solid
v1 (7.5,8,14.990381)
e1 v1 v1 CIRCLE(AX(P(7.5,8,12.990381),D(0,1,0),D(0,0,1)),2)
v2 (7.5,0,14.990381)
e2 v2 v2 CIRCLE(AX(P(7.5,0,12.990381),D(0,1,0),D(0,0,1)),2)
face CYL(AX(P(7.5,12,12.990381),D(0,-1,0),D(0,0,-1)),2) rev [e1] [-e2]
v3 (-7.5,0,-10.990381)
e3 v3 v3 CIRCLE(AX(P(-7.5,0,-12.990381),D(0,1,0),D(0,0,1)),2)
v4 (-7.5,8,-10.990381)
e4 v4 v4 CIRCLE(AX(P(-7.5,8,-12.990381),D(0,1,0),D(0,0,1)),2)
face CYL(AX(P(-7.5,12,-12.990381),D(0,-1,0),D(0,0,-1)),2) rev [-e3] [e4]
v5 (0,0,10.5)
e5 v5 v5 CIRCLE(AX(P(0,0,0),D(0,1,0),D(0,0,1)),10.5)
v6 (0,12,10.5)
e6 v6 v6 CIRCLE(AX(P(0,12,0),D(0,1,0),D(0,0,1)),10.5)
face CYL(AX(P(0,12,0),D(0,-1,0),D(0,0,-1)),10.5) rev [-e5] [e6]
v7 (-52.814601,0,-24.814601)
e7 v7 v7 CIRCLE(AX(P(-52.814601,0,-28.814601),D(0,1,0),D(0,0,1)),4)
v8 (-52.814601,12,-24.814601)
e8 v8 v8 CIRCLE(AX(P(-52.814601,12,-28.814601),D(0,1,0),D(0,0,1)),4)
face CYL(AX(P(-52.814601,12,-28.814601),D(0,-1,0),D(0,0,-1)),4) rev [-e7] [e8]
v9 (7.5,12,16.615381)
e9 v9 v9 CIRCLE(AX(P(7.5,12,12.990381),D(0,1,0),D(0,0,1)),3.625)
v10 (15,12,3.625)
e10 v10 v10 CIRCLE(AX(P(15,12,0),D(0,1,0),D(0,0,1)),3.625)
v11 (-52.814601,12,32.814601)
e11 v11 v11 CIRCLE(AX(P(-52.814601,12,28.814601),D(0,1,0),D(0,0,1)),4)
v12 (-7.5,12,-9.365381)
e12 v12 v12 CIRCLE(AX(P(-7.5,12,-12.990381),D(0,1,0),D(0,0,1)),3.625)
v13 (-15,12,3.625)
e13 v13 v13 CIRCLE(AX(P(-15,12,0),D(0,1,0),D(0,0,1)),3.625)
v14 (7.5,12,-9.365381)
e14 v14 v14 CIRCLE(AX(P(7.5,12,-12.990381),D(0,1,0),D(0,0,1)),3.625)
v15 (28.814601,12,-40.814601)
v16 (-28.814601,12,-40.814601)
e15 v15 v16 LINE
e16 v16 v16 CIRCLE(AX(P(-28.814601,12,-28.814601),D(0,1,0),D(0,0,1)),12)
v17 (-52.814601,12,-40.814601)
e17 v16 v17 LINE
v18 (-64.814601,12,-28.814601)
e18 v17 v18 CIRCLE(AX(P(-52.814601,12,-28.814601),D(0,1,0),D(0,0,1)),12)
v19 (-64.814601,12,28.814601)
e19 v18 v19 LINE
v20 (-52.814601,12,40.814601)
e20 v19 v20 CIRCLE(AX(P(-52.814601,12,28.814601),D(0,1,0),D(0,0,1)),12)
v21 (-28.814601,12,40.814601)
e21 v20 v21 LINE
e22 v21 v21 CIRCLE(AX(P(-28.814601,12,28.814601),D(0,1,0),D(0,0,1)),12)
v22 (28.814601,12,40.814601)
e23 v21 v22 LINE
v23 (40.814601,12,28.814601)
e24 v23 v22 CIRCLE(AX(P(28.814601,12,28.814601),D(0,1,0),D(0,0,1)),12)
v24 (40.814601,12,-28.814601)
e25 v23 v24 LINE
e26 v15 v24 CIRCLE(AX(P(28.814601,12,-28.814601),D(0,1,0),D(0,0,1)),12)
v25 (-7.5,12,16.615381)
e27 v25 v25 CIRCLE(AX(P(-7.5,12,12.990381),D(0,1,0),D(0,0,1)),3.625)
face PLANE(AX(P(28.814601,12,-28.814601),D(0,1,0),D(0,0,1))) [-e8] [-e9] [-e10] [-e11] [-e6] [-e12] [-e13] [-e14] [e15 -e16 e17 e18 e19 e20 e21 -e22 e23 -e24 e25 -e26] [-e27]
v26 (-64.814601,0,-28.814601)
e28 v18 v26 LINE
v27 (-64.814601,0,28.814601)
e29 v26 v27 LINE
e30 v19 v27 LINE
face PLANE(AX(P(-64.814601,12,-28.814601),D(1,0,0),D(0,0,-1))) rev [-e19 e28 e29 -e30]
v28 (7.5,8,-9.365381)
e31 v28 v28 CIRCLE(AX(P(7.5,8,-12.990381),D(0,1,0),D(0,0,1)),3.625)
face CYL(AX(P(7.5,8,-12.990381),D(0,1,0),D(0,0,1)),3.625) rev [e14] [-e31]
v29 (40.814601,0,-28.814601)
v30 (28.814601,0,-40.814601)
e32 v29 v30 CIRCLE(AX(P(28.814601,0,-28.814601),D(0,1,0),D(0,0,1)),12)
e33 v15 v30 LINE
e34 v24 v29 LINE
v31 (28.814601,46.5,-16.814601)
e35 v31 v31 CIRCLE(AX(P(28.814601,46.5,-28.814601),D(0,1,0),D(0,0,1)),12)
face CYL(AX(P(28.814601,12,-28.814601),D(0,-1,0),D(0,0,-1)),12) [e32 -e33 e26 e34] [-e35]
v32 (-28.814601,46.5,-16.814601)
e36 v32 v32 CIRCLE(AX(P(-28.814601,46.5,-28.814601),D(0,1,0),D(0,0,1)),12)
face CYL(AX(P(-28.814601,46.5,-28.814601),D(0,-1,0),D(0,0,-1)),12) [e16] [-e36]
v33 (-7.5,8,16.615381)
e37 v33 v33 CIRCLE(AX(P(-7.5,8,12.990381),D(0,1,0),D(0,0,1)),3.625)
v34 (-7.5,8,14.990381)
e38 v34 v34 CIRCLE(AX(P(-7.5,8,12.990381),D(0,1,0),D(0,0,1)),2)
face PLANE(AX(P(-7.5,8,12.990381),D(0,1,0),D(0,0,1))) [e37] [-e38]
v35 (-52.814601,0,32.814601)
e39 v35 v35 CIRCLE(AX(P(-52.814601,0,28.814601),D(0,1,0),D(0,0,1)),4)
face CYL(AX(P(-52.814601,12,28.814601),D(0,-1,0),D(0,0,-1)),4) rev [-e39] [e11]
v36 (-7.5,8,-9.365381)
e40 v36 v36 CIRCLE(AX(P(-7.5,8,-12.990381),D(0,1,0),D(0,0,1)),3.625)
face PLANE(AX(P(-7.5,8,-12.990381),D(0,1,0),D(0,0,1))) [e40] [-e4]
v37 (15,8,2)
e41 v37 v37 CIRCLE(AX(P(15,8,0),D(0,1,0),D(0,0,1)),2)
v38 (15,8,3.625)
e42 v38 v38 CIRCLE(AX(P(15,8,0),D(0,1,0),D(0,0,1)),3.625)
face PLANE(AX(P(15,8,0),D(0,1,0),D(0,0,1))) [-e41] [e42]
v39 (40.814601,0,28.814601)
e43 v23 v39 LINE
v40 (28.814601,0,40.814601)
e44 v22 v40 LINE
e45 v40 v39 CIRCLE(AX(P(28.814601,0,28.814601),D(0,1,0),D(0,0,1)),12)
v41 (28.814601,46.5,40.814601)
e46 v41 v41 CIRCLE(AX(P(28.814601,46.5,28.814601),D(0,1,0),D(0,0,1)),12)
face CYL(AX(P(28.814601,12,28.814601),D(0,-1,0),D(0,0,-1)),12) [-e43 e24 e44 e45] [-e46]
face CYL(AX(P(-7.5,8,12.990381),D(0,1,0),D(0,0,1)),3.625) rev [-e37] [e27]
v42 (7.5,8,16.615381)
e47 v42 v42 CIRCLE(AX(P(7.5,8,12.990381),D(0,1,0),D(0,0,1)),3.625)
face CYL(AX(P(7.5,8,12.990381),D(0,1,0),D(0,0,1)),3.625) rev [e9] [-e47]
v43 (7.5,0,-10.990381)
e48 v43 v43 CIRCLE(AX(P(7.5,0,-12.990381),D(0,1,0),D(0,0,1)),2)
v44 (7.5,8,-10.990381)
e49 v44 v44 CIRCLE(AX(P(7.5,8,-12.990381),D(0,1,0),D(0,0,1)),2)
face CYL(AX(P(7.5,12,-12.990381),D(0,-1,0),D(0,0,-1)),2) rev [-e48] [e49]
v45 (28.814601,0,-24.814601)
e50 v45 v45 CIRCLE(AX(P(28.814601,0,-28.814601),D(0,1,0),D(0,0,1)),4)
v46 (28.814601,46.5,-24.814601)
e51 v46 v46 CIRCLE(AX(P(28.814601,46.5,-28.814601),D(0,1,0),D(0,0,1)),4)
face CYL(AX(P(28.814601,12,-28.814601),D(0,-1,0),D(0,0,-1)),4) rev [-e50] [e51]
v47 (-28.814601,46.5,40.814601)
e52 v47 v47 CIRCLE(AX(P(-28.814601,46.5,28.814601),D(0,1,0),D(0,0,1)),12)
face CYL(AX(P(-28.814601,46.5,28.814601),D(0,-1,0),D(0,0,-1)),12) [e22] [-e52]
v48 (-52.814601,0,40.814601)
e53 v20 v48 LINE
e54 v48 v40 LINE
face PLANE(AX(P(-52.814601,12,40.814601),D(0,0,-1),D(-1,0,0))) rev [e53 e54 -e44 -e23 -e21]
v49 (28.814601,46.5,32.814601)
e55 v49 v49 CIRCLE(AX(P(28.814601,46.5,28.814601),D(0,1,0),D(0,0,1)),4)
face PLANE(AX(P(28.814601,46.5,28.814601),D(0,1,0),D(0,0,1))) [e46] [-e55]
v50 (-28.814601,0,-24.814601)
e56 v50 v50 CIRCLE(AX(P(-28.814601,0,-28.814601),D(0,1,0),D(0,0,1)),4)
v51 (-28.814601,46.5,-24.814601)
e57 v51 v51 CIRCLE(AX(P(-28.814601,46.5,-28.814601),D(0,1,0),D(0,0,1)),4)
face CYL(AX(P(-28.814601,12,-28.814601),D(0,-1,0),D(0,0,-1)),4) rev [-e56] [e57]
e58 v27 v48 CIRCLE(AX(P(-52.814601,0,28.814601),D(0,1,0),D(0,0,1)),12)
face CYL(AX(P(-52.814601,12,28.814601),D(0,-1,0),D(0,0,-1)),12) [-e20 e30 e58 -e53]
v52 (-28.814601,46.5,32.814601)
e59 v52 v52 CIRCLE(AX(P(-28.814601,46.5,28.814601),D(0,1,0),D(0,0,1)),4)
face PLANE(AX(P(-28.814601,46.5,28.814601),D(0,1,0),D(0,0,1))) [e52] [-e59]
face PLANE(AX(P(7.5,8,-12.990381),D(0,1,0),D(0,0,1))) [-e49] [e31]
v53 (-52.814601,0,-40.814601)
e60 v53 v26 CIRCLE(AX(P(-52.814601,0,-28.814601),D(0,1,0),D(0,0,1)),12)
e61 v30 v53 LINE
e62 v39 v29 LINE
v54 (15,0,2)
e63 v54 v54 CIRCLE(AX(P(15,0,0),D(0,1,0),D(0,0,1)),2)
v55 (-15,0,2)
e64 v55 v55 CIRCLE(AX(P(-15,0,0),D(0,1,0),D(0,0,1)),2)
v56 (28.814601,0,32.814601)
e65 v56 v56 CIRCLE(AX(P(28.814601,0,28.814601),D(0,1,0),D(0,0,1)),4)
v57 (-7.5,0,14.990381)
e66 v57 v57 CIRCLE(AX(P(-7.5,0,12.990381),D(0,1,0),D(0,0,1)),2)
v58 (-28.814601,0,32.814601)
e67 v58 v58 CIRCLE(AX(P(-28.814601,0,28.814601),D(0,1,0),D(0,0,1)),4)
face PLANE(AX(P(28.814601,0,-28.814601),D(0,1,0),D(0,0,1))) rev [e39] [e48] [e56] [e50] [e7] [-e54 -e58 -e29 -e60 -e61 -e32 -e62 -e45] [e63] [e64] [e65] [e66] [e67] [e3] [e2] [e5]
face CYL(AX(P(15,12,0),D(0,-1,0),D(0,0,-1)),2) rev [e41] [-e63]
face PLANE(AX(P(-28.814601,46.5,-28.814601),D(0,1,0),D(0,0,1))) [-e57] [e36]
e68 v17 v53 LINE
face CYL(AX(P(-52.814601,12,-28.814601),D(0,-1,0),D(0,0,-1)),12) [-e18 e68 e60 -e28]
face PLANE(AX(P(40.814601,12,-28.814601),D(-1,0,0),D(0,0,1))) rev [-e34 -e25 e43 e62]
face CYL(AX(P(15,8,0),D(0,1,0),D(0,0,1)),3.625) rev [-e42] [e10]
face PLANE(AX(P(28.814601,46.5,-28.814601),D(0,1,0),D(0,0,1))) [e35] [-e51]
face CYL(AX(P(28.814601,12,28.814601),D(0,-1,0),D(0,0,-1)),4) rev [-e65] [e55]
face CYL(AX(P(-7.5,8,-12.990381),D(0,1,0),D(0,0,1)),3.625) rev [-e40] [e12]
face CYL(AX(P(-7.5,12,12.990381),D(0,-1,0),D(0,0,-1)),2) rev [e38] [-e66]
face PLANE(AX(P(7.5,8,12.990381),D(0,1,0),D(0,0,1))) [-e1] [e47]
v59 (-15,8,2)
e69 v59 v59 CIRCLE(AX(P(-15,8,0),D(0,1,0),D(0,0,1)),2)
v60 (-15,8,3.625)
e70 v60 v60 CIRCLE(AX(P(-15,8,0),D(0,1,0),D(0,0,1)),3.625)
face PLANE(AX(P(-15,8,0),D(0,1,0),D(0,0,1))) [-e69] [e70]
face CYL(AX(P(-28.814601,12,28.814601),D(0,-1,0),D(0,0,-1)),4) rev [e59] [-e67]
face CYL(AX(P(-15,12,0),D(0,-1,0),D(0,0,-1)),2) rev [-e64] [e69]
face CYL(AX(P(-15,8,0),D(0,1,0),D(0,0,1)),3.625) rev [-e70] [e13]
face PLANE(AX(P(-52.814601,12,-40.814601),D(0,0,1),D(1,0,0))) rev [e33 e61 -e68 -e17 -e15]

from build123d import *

# Parameters (mm, degrees)
SKETCH1_R                = 4
SKETCH1_R_2              = 10.5
SKETCH1_R_3              = 2
BASE_DEPTH               = 12
SKETCH2_R                = 3.625
BOLT_HEAD_RECESSES_DEPTH = 4
SKETCH3_R                = 12
SKETCH3_R_2              = 4
BOSS_EXTRUDE1_DEPTH      = 34.5


with BuildPart() as part:
    # Sketch1 → base (new body)
    with BuildSketch(Plane(origin=(0, 0, 0), x_dir=(1, 0, 0), z_dir=(0, 1, 0))):
        with BuildLine():
            Line((-52.814601333, 40.814601333), (28.814601333, 40.814601333))
            ThreePointArc((28.814601333, 40.814601333), (37.299882708, 37.299882708), (40.814601333, 28.814601333))
            Line((40.814601333, 28.814601333), (40.814601333, -28.814601333))
            ThreePointArc((40.814601333, -28.814601333), (37.299882708, -37.299882708), (28.814601333, -40.814601333))
            Line((28.814601333, -40.814601333), (-52.814601333, -40.814601333))
            ThreePointArc((-52.814601333, -40.814601333), (-61.299882708, -37.299882708), (-64.814601333, -28.814601333))
            Line((-64.814601333, -28.814601333), (-64.814601333, 28.814601333))
            ThreePointArc((-64.814601333, 28.814601333), (-61.299882708, 37.299882708), (-52.814601333, 40.814601333))
        make_face()
        with Locations(Location((-28.814601333, 28.814601333, 0), (0, 0, 270))):
            Circle(SKETCH1_R, mode=Mode.SUBTRACT)
        with Locations(Location((28.814601333, 28.814601333, 0), (0, 0, 270))):
            Circle(SKETCH1_R, mode=Mode.SUBTRACT)
        with Locations(Location((28.814601333, -28.814601333, 0), (0, 0, 270))):
            Circle(SKETCH1_R, mode=Mode.SUBTRACT)
        with Locations(Location((-28.814601333, -28.814601333, 0), (0, 0, 270))):
            Circle(SKETCH1_R, mode=Mode.SUBTRACT)
        with Locations(Location((0, 0, 0), (0, 0, 270))):
            Circle(SKETCH1_R_2, mode=Mode.SUBTRACT)
        with Locations(Location((-7.5, 12.990381057, 0), (0, 0, 270))):
            Circle(SKETCH1_R_3, mode=Mode.SUBTRACT)
        with Locations(Location((7.5, 12.990381057, 0), (0, 0, 270))):
            Circle(SKETCH1_R_3, mode=Mode.SUBTRACT)
        with Locations(Location((15, 0, 0), (0, 0, 270))):
            Circle(SKETCH1_R_3, mode=Mode.SUBTRACT)
        with Locations(Location((7.5, -12.990381057, 0), (0, 0, 270))):
            Circle(SKETCH1_R_3, mode=Mode.SUBTRACT)
        with Locations(Location((-7.5, -12.990381057, 0), (0, 0, 270))):
            Circle(SKETCH1_R_3, mode=Mode.SUBTRACT)
        with Locations(Location((-15, 0, 0), (0, 0, 270))):
            Circle(SKETCH1_R_3, mode=Mode.SUBTRACT)
        with Locations(Location((-52.814601333, 28.814601333, 0), (0, 0, 270))):
            Circle(SKETCH1_R, mode=Mode.SUBTRACT)
        with Locations(Location((-52.814601333, -28.814601333, 0), (0, 0, 270))):
            Circle(SKETCH1_R, mode=Mode.SUBTRACT)
    extrude(amount=BASE_DEPTH)

    # Sketch2 → bolt head recesses (cut)
    with BuildSketch(Plane(origin=(0, 12, 0), x_dir=(1, 0, 0), z_dir=(0, 1, 0))):
        with Locations(Location((-7.5, 12.990381057, 0), (0, 0, 270))):
            Circle(SKETCH2_R)
        with Locations(Location((7.5, 12.990381057, 0), (0, 0, 270))):
            Circle(SKETCH2_R)
        with Locations(Location((15, 0, 0), (0, 0, 270))):
            Circle(SKETCH2_R)
        with Locations(Location((7.5, -12.990381057, 0), (0, 0, 270))):
            Circle(SKETCH2_R)
        with Locations(Location((-7.5, -12.990381057, 0), (0, 0, 270))):
            Circle(SKETCH2_R)
        with Locations(Location((-15, 0, 0), (0, 0, 270))):
            Circle(SKETCH2_R)
    extrude(amount=-BOLT_HEAD_RECESSES_DEPTH, mode=Mode.SUBTRACT)

    # Sketch3 → Boss-Extrude1 (add)
    # profile 1 of 4: a face of its own
    with BuildSketch(Plane(origin=(0, 12, 0), x_dir=(1, 0, 0), z_dir=(0, 1, 0))):
        with Locations(Location((-28.814601333, 28.814601333, 0), (0, 0, 90))):
            Circle(SKETCH3_R)
        with Locations(Location((-28.814601333, 28.814601333, 0), (0, 0, 270))):
            Circle(SKETCH3_R_2, mode=Mode.SUBTRACT)
    # profile 2 of 4: a face of its own
    with BuildSketch(Plane(origin=(0, 12, 0), x_dir=(1, 0, 0), z_dir=(0, 1, 0))):
        with Locations(Location((28.814601333, 28.814601333, 0), (0, 0, 90))):
            Circle(SKETCH3_R)
        with Locations(Location((28.814601333, 28.814601333, 0), (0, 0, 270))):
            Circle(SKETCH3_R_2, mode=Mode.SUBTRACT)
    # profile 3 of 4: a face of its own
    with BuildSketch(Plane(origin=(0, 12, 0), x_dir=(1, 0, 0), z_dir=(0, 1, 0))):
        with Locations(Location((28.814601333, -28.814601333, 0), (0, 0, 270))):
            Circle(SKETCH3_R)
        with Locations(Location((28.814601333, -28.814601333, 0), (0, 0, 270))):
            Circle(SKETCH3_R_2, mode=Mode.SUBTRACT)
    # profile 4 of 4: a face of its own
    with BuildSketch(Plane(origin=(0, 12, 0), x_dir=(1, 0, 0), z_dir=(0, 1, 0))):
        with Locations(Location((-28.814601333, -28.814601333, 0), (0, 0, 270))):
            Circle(SKETCH3_R)
        with Locations(Location((-28.814601333, -28.814601333, 0), (0, 0, 270))):
            Circle(SKETCH3_R_2, mode=Mode.SUBTRACT)
    extrude(amount=BOSS_EXTRUDE1_DEPTH)


solid = part.part
